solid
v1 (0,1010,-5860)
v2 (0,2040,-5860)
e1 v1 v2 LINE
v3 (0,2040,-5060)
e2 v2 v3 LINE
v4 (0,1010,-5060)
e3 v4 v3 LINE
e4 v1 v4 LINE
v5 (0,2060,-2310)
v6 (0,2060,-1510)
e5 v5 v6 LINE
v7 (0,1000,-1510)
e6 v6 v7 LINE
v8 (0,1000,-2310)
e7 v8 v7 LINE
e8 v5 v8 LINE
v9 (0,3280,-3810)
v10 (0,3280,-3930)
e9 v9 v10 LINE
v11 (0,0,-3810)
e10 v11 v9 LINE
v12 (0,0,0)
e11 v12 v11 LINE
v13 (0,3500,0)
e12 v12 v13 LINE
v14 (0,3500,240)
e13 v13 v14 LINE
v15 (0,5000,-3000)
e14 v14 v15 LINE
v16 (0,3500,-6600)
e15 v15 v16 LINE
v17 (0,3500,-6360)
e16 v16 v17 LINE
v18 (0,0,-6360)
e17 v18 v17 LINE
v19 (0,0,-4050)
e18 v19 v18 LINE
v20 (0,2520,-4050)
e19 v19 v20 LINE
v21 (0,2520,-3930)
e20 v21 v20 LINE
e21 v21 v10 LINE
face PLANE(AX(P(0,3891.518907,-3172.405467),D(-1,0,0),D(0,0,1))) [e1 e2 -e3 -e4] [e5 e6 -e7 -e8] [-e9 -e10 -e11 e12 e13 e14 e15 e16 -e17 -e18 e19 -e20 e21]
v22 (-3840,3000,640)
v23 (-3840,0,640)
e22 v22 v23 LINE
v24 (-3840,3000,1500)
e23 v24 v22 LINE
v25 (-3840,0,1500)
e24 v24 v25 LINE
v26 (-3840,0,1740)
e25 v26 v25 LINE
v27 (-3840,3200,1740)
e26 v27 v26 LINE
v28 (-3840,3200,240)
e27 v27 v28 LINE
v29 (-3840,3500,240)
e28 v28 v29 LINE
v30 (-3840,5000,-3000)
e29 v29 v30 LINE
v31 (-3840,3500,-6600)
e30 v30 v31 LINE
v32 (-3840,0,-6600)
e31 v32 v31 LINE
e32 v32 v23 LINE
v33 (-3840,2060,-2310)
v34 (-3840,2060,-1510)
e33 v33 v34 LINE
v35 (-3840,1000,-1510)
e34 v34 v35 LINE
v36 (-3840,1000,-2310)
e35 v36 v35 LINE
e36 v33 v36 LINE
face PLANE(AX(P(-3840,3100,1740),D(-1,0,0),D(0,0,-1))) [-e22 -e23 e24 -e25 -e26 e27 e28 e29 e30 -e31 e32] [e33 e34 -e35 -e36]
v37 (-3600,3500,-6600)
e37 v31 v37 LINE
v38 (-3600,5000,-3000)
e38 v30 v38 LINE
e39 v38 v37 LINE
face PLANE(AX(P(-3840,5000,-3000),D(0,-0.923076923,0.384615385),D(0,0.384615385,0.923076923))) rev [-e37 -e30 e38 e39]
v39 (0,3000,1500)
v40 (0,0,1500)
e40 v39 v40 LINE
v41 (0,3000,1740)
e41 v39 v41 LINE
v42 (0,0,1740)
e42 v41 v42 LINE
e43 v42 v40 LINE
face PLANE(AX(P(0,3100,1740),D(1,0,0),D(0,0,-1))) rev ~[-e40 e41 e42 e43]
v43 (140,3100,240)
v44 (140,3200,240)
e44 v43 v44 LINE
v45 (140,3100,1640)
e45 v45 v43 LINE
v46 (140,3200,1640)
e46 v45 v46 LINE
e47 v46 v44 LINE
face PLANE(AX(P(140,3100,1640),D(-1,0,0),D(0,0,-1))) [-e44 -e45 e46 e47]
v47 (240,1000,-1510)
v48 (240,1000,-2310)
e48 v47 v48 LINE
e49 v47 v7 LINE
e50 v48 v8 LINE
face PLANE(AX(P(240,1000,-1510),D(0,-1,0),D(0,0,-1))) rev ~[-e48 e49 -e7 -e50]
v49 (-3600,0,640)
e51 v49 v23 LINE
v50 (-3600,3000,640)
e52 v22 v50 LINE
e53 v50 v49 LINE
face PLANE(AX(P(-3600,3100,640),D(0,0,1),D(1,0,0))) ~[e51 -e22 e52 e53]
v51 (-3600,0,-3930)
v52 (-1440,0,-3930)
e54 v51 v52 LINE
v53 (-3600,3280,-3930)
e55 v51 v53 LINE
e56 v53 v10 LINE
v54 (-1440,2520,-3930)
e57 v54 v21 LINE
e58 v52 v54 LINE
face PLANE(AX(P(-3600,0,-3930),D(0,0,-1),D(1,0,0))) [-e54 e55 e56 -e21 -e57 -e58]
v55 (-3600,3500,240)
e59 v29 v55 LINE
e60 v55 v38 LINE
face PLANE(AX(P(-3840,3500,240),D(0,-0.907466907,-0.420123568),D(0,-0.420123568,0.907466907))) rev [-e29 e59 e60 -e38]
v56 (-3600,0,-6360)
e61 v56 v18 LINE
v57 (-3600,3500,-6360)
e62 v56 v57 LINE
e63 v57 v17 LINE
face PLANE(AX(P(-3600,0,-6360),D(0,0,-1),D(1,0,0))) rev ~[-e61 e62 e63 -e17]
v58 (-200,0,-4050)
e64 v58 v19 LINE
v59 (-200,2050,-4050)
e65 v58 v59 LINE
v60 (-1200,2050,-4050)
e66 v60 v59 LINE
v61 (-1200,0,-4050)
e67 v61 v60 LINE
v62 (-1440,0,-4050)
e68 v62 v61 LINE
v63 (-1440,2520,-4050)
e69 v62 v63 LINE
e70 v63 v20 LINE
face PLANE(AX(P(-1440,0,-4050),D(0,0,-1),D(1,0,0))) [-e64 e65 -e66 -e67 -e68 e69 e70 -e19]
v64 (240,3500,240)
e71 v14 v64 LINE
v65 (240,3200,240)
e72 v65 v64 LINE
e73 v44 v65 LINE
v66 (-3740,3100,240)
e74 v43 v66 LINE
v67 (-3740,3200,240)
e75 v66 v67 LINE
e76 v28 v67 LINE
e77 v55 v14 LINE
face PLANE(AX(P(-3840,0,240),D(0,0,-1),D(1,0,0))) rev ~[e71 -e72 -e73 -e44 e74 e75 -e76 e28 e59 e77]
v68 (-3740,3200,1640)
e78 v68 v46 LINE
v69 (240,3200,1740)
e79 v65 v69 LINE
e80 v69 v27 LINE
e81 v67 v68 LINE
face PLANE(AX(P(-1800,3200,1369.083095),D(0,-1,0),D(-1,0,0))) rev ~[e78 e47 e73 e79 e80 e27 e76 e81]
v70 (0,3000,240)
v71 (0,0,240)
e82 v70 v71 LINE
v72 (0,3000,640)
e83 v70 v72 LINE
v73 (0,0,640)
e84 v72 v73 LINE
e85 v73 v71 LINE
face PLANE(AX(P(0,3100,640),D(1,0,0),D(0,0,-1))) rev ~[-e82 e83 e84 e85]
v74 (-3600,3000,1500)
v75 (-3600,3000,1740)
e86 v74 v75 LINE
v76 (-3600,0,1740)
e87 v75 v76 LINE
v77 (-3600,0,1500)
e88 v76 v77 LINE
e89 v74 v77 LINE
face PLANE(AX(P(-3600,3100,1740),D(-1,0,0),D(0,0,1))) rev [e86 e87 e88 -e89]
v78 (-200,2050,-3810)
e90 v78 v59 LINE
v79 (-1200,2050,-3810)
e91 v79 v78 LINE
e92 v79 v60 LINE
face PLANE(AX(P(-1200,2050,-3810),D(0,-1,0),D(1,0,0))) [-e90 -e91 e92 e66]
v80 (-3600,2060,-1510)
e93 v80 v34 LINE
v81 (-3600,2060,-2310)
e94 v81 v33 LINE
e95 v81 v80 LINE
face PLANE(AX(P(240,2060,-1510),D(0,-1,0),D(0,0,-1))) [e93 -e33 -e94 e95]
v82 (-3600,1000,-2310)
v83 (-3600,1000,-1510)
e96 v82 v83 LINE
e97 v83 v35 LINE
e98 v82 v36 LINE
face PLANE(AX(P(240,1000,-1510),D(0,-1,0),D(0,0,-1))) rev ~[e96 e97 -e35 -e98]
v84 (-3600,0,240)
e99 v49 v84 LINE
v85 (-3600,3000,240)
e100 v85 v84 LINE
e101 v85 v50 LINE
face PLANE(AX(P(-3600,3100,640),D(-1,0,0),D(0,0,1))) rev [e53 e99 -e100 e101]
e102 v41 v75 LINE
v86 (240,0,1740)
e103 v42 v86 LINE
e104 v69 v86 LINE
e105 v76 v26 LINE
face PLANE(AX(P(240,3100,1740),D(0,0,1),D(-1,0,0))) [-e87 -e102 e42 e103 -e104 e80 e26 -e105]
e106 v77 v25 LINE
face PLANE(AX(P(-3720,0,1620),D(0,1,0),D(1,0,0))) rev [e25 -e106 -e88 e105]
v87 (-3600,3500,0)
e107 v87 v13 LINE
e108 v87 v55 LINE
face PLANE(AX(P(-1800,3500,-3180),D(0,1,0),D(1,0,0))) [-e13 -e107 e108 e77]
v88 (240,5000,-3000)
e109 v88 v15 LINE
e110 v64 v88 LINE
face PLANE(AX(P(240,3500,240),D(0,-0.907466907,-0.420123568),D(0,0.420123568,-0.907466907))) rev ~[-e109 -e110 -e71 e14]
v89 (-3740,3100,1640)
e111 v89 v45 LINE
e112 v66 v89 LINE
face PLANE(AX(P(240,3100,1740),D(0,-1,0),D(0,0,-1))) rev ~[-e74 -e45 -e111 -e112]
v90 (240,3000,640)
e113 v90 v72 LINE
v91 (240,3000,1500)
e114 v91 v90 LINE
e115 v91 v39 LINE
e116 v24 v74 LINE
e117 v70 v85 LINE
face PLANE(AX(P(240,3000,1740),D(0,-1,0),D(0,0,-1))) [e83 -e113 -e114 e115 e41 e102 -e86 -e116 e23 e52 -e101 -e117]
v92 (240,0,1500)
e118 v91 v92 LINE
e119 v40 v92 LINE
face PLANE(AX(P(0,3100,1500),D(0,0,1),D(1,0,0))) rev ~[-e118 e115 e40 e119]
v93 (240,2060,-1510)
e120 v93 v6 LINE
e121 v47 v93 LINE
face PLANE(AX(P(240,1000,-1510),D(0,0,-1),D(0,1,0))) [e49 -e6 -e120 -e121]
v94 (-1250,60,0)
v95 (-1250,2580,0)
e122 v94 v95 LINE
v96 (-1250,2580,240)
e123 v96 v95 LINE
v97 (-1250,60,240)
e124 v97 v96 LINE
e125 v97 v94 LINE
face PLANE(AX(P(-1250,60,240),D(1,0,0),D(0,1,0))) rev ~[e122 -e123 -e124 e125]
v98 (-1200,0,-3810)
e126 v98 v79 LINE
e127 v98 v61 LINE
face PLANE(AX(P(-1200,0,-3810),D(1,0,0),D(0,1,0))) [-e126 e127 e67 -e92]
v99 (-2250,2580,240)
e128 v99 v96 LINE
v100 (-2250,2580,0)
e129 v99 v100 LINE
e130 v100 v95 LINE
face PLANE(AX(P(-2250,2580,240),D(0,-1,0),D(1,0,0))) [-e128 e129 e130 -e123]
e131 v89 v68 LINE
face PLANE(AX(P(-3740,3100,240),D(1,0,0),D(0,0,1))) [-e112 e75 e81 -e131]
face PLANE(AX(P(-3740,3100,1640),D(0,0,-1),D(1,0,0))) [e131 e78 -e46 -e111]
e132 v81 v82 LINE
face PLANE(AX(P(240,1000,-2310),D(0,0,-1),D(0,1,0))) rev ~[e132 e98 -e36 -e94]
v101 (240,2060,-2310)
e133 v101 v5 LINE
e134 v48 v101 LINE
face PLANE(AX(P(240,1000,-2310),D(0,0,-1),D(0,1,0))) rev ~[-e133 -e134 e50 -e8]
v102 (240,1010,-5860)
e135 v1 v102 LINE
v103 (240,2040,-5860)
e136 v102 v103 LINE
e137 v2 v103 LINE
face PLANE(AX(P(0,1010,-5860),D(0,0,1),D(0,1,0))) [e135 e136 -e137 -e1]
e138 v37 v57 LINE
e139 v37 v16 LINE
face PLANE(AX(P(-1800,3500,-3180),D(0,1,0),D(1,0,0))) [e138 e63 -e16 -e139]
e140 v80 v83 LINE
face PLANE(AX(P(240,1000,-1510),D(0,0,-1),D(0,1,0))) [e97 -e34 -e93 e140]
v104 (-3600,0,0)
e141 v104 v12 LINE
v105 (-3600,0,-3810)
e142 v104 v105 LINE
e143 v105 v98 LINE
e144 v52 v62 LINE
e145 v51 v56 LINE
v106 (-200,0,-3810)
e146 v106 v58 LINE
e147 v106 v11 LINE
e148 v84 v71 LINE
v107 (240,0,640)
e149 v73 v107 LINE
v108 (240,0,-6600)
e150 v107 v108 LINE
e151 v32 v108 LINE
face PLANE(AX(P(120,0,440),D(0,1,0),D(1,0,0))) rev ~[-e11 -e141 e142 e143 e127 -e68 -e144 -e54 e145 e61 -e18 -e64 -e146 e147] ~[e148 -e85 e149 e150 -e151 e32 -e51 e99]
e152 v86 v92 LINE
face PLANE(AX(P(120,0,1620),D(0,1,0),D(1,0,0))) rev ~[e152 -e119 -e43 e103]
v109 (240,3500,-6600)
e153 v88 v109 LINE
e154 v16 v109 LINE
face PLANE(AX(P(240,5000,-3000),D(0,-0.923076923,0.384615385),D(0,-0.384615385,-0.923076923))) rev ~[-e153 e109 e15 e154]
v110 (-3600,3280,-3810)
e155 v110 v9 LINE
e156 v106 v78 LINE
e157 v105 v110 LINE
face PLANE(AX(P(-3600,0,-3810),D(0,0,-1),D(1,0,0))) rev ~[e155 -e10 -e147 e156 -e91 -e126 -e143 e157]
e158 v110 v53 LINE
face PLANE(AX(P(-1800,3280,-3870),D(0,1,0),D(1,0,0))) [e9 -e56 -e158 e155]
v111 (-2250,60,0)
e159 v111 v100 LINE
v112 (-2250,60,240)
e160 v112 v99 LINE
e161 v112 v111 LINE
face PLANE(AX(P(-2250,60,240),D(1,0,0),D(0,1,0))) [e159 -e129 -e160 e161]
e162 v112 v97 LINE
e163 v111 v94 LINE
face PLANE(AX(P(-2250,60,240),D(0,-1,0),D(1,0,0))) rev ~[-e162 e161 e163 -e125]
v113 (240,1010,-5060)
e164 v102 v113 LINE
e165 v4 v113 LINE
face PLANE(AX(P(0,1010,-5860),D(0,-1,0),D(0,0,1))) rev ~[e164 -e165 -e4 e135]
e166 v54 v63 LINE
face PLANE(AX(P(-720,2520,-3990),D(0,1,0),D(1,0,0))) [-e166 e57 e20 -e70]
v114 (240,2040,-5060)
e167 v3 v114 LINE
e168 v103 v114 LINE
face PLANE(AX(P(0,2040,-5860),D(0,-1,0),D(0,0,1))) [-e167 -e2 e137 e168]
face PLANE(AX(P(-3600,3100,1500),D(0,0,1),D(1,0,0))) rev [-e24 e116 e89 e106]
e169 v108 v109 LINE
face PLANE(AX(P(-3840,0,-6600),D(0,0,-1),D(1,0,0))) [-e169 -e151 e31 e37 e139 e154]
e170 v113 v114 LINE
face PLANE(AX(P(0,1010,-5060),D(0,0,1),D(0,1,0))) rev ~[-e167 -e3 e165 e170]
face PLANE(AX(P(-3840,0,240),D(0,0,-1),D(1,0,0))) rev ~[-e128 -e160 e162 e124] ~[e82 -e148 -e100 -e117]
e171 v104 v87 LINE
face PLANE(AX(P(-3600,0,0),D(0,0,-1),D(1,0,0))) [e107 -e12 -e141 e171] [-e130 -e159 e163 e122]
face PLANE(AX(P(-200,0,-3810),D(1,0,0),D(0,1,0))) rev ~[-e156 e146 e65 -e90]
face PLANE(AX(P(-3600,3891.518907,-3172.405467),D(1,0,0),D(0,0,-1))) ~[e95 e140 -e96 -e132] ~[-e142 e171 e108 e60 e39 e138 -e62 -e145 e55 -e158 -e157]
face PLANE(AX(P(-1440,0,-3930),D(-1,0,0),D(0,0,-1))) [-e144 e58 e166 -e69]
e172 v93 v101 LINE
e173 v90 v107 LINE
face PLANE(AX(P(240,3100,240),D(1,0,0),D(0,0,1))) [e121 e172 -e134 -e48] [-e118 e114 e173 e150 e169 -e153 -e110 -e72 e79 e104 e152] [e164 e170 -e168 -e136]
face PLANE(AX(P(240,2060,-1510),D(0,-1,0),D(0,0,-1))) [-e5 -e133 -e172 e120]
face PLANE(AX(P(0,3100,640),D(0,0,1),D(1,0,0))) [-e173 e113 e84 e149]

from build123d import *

# Parameters (mm, degrees)
SKETCH_1_W             = 4080
SKETCH_1_H             = 6840
SKETCH_1_W_2           = 3600
SKETCH_1_H_2           = 6360
EXTRUDE_525_DEPTH      = 3500
EXTRUDE_763_DEPTH      = 240
SKETCH_6_W             = 3600
SKETCH_6_H             = 120
EXTRUDE_1086_DEPTH     = 3280
SKETCH_12_W            = 1440
SKETCH_12_H            = 120
EXTRUDE_1316_DEPTH     = 2520
CUT_EXTRUDE_1552_REACH = 2792
SKETCH_10_W            = 1000
SKETCH_10_H            = 2050
SKETCH_4_W             = 800
SKETCH_4_H             = 1030
CUT_EXTRUDE_1996_DEPTH = 241
CUT_EXTRUDE_2338_REACH = 6842
SKETCH_13_W            = 1000
SKETCH_13_H            = 2520
SKETCH_15_W            = 1500
SKETCH_15_H            = 100
EXTRUDE_2583_DEPTH     = 4080
SKETCH_16_W            = 240
SKETCH_16_H            = 400
SKETCH_16_H_2          = 240
EXTRUDE_2839_DEPTH     = 3100
EXTRUDE_3047_DEPTH     = 100
SKETCH_18_W            = 800
SKETCH_18_H            = 1060
CUT_EXTRUDE_3409_DEPTH = 4081


with BuildPart() as part:
    # 草图1 → Extrude 525 (new body)
    with BuildSketch(Plane(origin=(0, 0, 0), x_dir=(1, 0, 0), z_dir=(0, 1, 0))):
        with Locations((-1800, 3180)):
            Rectangle(SKETCH_1_W, SKETCH_1_H)
        with Locations((-1800, 3180)):
            Rectangle(SKETCH_1_W_2, SKETCH_1_H_2, mode=Mode.SUBTRACT)
    extrude(amount=EXTRUDE_525_DEPTH)

    # 草图14 → Extrude 763 (add)
    with BuildSketch(Plane(origin=(240, 0, 0), x_dir=(0, 0, -1), z_dir=(1, 0, 0))):
        Polygon((-240, 3500), (3000, 5000), (6600, 3500), align=None)
    extrude_763 = extrude(amount=-EXTRUDE_763_DEPTH)

    # 镜向1: Extrude 763 across plane
    add(extrude_763.mirror(Plane(origin=(-1800, 0, 0), x_dir=(0, 0, 1), z_dir=(1, 0, 0))))

    # 草图6 → Extrude 1086 (add)
    with BuildSketch(Plane(origin=(0, 0, 0), x_dir=(1, 0, 0), z_dir=(0, 1, 0))):
        with Locations((-1800, 3870)):
            Rectangle(SKETCH_6_W, SKETCH_6_H)
    extrude(amount=EXTRUDE_1086_DEPTH)

    # 草图12 → Extrude 1316 (add)
    with BuildSketch(Plane(origin=(0, 0, 0), x_dir=(1, 0, 0), z_dir=(0, 1, 0))):
        with Locations((-720, 3990)):
            Rectangle(SKETCH_12_W, SKETCH_12_H)
    extrude(amount=EXTRUDE_1316_DEPTH)

    # 草图10 → Cut-Extrude 1552 (cut, up to next)
    with BuildSketch(Plane.XY.offset(-3810), mode=Mode.PRIVATE) as cut_extrude_1552_sk1:
        with Locations((-700, 1025)):
            Rectangle(SKETCH_10_W, SKETCH_10_H)
    cut_extrude_1552_tool1 = extrude(cut_extrude_1552_sk1.sketch, amount=-CUT_EXTRUDE_1552_REACH, mode=Mode.PRIVATE) & part.part
    add(cut_extrude_1552_tool1.solids().sort_by_distance((-700, 1025, -3810))[0], mode=Mode.SUBTRACT)

    # 草图4 → Cut-Extrude 1996 (cut, through all)
    with BuildSketch(Plane(origin=(0, 0, -11000), x_dir=(0, 0, 1), z_dir=(-1, 0, 0))):
        with Locations((5540, 1525)):
            Rectangle(SKETCH_4_W, SKETCH_4_H)
    extrude(amount=-CUT_EXTRUDE_1996_DEPTH, mode=Mode.SUBTRACT)

    # 草图13 → Cut-Extrude 2338 (cut, up to next)
    with BuildSketch(Plane.XY.offset(240), mode=Mode.PRIVATE) as cut_extrude_2338_sk1:
        with Locations((-1750, 1320)):
            Rectangle(SKETCH_13_W, SKETCH_13_H)
    cut_extrude_2338_tool1 = extrude(cut_extrude_2338_sk1.sketch, amount=-CUT_EXTRUDE_2338_REACH, mode=Mode.PRIVATE) & part.part
    add(cut_extrude_2338_tool1.solids().sort_by_distance((-1750, 1320, 240))[0], mode=Mode.SUBTRACT)

    # 草图15 → Extrude 2583 (add)
    with BuildSketch(Plane(origin=(240, 0, 0), x_dir=(0, 0, -1), z_dir=(1, 0, 0))):
        with Locations((-990, 3050)):
            Rectangle(SKETCH_15_W, SKETCH_15_H)
    extrude(amount=-EXTRUDE_2583_DEPTH)

    # 草图16 → Extrude 2839 (add)
    with BuildSketch(Plane(origin=(0, 3100, 0), x_dir=(1, 0, 0), z_dir=(0, 1, 0))):
        with Locations((120, -440)):
            Rectangle(SKETCH_16_W, SKETCH_16_H)
        with Locations((120, -1620)):
            Rectangle(SKETCH_16_W, SKETCH_16_H_2)
    extrude_2839 = extrude(amount=-EXTRUDE_2839_DEPTH)

    # Mirror 2899: Extrude 2839 across plane
    add(extrude_2839.mirror(Plane(origin=(-1800, 0, 0), x_dir=(0, 0, 1), z_dir=(1, 0, 0))))

    # 草图17 → Extrude 3047 (add)
    with BuildSketch(Plane(origin=(0, 3100, 0), x_dir=(1, 0, 0), z_dir=(0, 1, 0))):
        Polygon((240, -240), (240, -1740), (-3840, -1740), (-3840, -240), (-3740, -240), (-3740, -1640), (140, -1640), (140, -240), align=None)
    extrude(amount=EXTRUDE_3047_DEPTH)

    # 草图18 → Cut-Extrude 3409 (cut, through all)
    with BuildSketch(Plane(origin=(240, 0, 0), x_dir=(0, 0, -1), z_dir=(1, 0, 0))):
        with Locations((1910, 1530)):
            Rectangle(SKETCH_18_W, SKETCH_18_H)
    extrude(amount=-CUT_EXTRUDE_3409_DEPTH, mode=Mode.SUBTRACT)


solid = part.part
